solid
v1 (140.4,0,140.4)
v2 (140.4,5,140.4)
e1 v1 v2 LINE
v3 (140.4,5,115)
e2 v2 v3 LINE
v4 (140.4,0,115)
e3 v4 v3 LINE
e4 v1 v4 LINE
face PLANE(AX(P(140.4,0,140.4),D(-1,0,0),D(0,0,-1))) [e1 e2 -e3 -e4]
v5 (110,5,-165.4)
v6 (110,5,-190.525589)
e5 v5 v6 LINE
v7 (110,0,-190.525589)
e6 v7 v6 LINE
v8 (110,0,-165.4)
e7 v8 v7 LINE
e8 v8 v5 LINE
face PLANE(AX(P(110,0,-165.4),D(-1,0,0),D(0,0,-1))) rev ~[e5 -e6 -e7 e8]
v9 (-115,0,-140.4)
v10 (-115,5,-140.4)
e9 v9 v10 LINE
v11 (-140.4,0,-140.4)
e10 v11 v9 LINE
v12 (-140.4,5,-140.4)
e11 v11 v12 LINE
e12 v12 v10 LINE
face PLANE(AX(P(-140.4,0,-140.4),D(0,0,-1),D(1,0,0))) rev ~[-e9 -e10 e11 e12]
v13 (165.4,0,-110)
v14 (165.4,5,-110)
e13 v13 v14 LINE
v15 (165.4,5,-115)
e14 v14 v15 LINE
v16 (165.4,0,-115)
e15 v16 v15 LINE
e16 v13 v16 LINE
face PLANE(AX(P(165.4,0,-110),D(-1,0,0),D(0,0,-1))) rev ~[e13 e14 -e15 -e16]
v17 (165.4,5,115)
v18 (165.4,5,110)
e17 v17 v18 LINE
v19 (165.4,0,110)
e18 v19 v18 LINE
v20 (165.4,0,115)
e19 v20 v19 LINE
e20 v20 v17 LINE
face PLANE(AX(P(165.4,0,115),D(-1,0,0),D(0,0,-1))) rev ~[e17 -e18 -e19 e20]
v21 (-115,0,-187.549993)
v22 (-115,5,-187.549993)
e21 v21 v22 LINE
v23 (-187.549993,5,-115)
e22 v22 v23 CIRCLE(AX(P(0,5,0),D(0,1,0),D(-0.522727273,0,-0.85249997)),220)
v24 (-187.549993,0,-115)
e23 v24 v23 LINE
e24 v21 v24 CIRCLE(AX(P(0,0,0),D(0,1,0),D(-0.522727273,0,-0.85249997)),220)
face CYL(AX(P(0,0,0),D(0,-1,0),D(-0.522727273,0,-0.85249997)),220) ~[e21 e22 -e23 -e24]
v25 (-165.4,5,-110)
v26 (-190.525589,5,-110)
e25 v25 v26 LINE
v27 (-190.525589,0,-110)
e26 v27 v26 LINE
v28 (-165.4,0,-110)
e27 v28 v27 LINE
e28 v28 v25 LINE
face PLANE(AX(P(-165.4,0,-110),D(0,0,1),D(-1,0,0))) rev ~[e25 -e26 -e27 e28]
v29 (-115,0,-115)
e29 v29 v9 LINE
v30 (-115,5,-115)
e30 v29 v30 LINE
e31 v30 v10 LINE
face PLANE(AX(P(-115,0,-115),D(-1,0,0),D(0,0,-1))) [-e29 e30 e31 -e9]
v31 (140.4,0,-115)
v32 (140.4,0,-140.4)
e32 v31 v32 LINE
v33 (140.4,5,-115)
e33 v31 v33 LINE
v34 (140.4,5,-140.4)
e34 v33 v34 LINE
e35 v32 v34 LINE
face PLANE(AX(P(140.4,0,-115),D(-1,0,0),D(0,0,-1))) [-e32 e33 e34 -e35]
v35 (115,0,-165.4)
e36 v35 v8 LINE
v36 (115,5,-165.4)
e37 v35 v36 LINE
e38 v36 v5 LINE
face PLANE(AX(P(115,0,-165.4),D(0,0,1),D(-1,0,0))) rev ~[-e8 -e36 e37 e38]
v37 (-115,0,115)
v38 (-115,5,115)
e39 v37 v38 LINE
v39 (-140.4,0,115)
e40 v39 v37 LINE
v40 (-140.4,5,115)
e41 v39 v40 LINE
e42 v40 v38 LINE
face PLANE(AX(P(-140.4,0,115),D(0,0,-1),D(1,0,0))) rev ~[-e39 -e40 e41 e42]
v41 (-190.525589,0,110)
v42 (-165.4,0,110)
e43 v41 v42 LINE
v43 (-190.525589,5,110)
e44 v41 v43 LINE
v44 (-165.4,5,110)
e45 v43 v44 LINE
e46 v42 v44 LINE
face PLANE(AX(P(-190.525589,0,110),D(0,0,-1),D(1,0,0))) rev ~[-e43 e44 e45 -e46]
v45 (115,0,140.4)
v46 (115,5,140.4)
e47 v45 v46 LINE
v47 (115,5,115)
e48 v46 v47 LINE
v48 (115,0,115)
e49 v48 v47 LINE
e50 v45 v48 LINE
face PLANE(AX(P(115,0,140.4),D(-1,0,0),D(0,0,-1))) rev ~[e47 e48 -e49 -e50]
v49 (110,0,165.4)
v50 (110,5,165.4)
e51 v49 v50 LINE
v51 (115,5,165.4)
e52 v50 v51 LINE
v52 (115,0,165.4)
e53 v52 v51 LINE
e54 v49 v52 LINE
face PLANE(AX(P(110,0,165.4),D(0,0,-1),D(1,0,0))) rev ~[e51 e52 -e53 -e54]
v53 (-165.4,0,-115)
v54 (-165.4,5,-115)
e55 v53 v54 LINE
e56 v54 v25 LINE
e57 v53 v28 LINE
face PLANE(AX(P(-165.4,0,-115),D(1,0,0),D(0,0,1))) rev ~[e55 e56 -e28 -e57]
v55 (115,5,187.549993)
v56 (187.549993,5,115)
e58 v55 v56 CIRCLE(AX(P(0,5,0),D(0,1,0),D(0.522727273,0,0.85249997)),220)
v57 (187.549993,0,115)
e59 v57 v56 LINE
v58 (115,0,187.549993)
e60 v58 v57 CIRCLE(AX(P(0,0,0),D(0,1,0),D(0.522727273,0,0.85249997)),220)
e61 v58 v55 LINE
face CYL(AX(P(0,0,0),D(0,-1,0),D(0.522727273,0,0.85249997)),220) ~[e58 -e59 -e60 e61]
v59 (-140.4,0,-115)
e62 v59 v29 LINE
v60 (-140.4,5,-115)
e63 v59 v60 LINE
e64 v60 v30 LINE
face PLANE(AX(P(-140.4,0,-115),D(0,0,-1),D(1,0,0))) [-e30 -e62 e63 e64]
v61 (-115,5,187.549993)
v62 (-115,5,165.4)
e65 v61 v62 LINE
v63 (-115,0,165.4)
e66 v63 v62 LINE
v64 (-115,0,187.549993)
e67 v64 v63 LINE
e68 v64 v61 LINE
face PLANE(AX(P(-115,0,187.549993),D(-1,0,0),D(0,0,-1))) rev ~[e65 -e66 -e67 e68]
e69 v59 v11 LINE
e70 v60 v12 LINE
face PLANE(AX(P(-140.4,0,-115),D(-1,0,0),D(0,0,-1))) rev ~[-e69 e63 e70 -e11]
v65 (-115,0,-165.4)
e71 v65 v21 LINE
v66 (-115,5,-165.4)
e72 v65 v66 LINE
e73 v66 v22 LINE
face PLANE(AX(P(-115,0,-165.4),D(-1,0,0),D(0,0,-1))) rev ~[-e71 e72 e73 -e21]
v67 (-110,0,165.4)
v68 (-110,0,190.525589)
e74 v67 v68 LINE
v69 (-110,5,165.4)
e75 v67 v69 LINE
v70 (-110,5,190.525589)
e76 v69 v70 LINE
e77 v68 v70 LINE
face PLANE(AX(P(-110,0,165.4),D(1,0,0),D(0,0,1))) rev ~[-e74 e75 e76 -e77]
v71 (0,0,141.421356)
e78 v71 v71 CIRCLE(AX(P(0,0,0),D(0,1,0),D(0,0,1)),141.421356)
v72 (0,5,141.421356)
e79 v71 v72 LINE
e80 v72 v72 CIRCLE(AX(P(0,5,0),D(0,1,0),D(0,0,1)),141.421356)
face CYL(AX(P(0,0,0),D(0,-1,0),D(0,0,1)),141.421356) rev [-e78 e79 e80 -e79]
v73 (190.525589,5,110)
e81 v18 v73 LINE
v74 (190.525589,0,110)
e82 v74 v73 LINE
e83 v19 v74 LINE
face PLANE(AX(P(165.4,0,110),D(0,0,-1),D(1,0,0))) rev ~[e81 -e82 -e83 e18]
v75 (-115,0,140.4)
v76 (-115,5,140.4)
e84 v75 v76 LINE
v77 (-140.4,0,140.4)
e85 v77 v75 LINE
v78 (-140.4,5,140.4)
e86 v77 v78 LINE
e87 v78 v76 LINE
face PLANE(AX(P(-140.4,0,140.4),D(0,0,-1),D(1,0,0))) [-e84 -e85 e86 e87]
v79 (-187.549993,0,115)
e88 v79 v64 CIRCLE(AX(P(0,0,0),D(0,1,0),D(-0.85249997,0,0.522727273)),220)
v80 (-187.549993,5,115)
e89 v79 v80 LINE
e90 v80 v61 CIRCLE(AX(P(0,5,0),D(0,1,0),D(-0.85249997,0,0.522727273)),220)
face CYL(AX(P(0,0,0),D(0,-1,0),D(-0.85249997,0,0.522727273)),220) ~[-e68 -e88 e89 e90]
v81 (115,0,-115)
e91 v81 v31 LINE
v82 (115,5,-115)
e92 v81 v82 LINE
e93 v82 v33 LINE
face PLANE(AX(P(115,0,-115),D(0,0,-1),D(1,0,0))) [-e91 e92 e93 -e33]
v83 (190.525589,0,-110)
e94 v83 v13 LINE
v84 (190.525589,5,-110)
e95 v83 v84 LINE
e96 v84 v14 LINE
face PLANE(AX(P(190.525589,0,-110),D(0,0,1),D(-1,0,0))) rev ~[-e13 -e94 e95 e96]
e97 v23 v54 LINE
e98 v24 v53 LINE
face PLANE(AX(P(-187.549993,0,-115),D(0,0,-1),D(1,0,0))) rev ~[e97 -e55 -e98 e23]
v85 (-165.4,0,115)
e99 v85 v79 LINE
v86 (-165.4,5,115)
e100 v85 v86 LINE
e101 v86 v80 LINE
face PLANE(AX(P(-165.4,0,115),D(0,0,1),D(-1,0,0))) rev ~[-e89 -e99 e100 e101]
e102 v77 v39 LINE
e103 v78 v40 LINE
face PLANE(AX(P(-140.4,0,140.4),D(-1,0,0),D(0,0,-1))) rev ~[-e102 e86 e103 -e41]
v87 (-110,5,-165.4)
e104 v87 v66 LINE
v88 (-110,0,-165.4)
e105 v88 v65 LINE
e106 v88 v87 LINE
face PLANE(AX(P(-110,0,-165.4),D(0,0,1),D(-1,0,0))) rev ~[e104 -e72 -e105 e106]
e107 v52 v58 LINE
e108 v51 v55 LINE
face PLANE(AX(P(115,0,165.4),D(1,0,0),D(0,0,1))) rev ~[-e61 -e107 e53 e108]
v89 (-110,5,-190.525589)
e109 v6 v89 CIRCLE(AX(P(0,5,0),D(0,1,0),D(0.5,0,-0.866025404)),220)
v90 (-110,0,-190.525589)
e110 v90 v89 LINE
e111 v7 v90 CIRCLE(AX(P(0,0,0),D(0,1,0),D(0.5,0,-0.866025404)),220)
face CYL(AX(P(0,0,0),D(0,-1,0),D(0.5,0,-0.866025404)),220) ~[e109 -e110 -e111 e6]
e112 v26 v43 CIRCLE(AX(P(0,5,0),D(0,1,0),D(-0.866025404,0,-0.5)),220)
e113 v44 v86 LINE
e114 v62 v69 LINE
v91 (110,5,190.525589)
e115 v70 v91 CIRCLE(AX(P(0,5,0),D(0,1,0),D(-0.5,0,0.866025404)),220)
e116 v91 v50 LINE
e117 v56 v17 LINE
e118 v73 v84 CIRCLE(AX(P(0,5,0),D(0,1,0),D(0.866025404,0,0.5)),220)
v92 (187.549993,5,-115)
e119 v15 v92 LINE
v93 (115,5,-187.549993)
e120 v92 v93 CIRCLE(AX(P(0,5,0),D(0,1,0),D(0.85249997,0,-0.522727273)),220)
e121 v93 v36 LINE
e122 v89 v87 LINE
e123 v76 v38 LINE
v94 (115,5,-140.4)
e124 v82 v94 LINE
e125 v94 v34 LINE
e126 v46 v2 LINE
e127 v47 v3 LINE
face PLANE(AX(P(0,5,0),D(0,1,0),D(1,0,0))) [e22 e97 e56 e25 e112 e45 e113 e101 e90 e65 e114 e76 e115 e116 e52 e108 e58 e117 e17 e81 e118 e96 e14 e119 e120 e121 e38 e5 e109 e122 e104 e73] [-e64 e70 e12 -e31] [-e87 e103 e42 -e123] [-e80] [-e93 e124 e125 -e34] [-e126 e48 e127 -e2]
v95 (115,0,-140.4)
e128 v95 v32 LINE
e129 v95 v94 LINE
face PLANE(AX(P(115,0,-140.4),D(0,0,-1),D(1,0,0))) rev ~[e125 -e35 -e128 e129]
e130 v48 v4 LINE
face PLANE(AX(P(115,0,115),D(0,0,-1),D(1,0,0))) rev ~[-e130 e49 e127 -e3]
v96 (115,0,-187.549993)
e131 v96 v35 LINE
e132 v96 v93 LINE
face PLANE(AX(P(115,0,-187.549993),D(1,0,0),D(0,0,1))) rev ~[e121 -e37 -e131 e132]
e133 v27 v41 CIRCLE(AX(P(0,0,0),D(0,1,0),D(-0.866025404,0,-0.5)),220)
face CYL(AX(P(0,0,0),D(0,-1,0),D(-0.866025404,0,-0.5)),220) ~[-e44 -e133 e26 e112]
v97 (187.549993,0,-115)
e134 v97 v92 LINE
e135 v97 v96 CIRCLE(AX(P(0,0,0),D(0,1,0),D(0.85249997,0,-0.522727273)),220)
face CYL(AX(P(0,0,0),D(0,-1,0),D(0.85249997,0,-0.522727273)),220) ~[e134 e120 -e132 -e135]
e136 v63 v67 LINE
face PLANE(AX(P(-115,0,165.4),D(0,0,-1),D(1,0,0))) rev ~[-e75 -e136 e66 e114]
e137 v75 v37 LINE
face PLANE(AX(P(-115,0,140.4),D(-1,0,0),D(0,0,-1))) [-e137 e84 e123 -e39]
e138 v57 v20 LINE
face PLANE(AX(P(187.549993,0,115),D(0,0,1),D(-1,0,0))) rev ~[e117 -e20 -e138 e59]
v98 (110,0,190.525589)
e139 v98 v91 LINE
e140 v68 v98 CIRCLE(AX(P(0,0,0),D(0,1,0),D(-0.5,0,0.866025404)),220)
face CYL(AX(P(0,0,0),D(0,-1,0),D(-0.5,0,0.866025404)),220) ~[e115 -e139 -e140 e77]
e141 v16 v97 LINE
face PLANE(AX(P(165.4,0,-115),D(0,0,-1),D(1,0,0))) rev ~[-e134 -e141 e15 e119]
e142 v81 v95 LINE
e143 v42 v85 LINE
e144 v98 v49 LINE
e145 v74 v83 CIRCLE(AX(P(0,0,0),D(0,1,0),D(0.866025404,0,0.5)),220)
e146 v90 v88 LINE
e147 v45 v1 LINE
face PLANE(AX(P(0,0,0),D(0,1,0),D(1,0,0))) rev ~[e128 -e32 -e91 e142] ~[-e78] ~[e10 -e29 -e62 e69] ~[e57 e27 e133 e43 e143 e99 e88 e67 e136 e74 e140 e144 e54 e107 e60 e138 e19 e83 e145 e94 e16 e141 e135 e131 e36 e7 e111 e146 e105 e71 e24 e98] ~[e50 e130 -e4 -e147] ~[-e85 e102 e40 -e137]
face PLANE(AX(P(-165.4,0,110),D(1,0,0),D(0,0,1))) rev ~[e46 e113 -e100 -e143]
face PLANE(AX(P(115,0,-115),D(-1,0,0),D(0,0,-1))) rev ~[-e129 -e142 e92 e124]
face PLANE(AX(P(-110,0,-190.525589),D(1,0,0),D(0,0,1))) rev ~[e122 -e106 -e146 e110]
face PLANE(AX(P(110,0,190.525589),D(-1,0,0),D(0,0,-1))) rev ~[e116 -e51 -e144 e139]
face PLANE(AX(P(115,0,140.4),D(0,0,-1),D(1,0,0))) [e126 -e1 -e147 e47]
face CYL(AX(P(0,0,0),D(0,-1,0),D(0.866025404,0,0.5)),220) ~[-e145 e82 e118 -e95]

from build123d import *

# Parameters (mm, degrees)
SKETCH1_R           = 141.421356237
SKETCH1_W           = 25.4
SKETCH1_H           = 25.4
BOSS_EXTRUDE1_DEPTH = 5


with BuildPart() as part:
    # Sketch1 → Boss-Extrude1 (new body)
    with BuildSketch(Plane(origin=(0, 0, 0), x_dir=(1, 0, 0), z_dir=(0, 1, 0))):
        with BuildLine():
            Line((115, 165.4), (110, 165.4))
            Line((110, 165.4), (110, 190.525588833))
            ThreePointArc((110, 190.525588833), (0, 220), (-110, 190.525588833))
            Line((-110, 190.525588833), (-110, 165.4))
            Line((-110, 165.4), (-115, 165.4))
            Line((-115, 165.4), (-115, 187.549993335))
            ThreePointArc((-115, 187.549993335), (-155.563491861, 155.563491861), (-187.549993335, 115))
            Line((-187.549993335, 115), (-165.4, 115))
            Line((-165.4, 115), (-165.4, 110))
            Line((-165.4, 110), (-190.525588833, 110))
            ThreePointArc((-190.525588833, 110), (-220, 0), (-190.525588833, -110))
            Line((-190.525588833, -110), (-165.4, -110))
            Line((-165.4, -110), (-165.4, -115))
            Line((-165.4, -115), (-187.549993335, -115))
            ThreePointArc((-187.549993335, -115), (-155.563491861, -155.563491861), (-115, -187.549993335))
            Line((-115, -187.549993335), (-115, -165.4))
            Line((-115, -165.4), (-110, -165.4))
            Line((-110, -165.4), (-110, -190.525588833))
            ThreePointArc((-110, -190.525588833), (0, -220), (110, -190.525588833))
            Line((110, -190.525588833), (110, -165.4))
            Line((110, -165.4), (115, -165.4))
            Line((115, -165.4), (115, -187.549993335))
            ThreePointArc((115, -187.549993335), (155.563491861, -155.563491861), (187.549993335, -115))
            Line((187.549993335, -115), (165.4, -115))
            Line((165.4, -115), (165.4, -110))
            Line((165.4, -110), (190.525588833, -110))
            ThreePointArc((190.525588833, -110), (220, 0), (190.525588833, 110))
            Line((190.525588833, 110), (165.4, 110))
            Line((165.4, 110), (165.4, 115))
            Line((165.4, 115), (187.549993335, 115))
            ThreePointArc((187.549993335, 115), (155.563491861, 155.563491861), (115, 187.549993335))
            Line((115, 187.549993335), (115, 165.4))
        make_face()
        with Locations(Location((0, 0, 0), (0, 0, 270))):
            Circle(SKETCH1_R, mode=Mode.SUBTRACT)
        with Locations((127.7, 127.7)):
            Rectangle(SKETCH1_W, SKETCH1_H, mode=Mode.SUBTRACT)
        with Locations((-127.7, 127.7)):
            Rectangle(SKETCH1_W, SKETCH1_H, mode=Mode.SUBTRACT)
        with Locations((127.7, -127.7)):
            Rectangle(SKETCH1_W, SKETCH1_H, mode=Mode.SUBTRACT)
        with Locations((-127.7, -127.7)):
            Rectangle(SKETCH1_W, SKETCH1_H, mode=Mode.SUBTRACT)
    extrude(amount=BOSS_EXTRUDE1_DEPTH)


solid = part.part
